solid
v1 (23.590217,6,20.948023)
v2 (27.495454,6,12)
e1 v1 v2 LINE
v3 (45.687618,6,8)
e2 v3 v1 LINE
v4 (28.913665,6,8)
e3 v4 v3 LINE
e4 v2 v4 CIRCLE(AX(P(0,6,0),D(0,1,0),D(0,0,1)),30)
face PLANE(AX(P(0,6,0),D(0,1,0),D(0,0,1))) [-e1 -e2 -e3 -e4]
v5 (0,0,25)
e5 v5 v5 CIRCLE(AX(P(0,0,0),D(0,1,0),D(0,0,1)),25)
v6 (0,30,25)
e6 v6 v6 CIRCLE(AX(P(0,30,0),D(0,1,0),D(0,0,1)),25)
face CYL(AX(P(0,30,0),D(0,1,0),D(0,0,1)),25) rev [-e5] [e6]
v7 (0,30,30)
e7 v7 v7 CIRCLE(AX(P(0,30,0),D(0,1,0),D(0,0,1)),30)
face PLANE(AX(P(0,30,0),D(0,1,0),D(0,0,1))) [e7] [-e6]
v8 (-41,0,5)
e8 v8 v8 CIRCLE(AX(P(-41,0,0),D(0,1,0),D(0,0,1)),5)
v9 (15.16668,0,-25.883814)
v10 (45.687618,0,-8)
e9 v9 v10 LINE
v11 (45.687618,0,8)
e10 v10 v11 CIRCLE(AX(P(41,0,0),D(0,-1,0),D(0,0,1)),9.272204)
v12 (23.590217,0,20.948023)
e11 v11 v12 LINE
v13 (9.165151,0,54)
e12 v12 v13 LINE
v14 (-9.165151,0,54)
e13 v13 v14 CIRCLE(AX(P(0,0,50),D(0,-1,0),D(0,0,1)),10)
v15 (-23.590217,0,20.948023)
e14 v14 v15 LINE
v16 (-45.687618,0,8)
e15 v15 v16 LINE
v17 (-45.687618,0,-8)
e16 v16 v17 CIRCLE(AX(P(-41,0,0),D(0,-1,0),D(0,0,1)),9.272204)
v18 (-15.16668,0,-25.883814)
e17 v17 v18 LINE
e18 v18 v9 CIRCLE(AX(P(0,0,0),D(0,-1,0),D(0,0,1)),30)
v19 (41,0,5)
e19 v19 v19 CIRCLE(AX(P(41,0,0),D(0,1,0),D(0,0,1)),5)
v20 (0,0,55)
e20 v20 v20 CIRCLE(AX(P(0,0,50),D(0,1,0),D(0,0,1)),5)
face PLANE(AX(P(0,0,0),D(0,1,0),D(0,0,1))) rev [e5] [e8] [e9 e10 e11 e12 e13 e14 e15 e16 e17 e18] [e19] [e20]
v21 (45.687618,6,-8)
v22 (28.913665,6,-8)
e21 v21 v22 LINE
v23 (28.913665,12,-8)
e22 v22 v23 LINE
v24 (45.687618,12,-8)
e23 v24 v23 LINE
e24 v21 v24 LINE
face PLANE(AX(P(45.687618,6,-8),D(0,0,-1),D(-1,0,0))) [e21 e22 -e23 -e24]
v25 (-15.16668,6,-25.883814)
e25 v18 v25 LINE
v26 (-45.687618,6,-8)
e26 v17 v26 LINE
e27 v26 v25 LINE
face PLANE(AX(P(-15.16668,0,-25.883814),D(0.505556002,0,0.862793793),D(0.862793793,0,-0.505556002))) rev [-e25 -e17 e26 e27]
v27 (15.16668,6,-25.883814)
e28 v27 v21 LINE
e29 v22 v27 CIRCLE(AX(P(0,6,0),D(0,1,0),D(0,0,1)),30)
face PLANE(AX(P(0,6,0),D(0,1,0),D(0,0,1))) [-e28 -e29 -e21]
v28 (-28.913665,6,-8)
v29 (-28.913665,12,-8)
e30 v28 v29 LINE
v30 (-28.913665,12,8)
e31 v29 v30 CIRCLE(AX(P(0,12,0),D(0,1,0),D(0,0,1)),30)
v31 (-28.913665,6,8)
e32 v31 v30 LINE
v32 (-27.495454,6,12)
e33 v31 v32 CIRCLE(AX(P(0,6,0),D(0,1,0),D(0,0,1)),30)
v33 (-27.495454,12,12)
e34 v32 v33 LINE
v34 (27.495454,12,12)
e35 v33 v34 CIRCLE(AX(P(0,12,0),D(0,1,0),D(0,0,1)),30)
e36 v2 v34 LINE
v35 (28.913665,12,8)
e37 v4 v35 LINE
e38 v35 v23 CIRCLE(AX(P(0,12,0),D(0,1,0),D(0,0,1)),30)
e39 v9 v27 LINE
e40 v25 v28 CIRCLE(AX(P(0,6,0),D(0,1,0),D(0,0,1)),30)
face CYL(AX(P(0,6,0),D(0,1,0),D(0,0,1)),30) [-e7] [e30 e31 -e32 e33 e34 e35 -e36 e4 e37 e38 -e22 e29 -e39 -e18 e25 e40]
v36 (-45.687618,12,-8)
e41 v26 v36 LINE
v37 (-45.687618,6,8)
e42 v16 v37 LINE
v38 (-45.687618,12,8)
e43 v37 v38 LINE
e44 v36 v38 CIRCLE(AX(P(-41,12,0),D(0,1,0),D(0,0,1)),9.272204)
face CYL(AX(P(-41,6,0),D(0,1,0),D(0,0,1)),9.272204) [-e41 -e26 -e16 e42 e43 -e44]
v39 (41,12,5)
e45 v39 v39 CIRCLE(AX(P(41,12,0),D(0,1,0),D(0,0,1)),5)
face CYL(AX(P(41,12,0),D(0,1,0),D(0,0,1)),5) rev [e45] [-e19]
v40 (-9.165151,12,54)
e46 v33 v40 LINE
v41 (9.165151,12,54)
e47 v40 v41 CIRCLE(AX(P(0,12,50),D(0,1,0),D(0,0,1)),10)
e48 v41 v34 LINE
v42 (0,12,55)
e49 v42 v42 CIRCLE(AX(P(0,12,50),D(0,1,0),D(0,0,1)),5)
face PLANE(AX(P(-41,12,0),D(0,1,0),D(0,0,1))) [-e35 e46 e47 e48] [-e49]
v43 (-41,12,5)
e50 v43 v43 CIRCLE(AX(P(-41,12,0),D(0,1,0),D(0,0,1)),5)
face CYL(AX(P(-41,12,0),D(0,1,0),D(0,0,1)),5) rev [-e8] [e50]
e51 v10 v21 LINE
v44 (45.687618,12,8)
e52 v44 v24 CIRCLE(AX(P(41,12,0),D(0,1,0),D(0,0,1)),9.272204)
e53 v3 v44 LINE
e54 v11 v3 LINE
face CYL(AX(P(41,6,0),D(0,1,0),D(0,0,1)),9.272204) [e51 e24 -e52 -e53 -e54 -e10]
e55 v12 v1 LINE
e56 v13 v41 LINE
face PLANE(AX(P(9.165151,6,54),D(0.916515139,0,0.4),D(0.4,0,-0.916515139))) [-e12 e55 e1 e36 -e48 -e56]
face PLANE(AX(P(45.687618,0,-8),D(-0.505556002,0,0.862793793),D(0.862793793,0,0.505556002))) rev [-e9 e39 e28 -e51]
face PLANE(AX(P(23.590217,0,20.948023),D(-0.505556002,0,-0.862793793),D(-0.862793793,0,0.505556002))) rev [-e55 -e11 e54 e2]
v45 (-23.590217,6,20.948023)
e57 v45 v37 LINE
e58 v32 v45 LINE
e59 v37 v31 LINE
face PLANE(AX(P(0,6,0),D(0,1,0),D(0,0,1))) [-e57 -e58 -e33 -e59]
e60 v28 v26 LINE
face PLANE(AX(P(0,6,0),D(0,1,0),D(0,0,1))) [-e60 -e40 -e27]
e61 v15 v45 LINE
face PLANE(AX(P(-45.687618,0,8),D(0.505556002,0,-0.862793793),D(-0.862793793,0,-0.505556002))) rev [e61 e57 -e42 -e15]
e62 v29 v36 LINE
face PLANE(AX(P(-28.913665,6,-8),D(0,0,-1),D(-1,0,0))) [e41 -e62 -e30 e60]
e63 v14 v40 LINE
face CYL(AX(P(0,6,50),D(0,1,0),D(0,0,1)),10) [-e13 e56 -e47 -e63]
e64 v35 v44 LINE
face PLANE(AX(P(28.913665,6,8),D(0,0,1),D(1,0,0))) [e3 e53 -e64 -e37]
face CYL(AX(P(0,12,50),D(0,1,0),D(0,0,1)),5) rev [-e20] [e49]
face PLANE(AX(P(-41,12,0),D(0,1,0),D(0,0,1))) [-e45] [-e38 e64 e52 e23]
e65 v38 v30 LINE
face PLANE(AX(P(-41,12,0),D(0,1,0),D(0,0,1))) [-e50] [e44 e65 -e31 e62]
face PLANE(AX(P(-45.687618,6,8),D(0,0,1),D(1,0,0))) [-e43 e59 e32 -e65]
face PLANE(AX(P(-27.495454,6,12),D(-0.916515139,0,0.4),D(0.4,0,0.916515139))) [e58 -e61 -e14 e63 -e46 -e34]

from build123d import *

# Parameters (mm, degrees)
BOSS_EXTRUDE1_DEPTH        = 6
BOSS_EXTRUDE2_DEPTH        = 6
BOSS_EXTRUDE3_START        = 18
SKETCH3_R                  = 30
BOSS_EXTRUDE3_DEPTH        = 18
F_10_0_10_DIAMETER_HOLE1_D = 10
M45_CLEARANCE_HOLE1_D      = 50


with BuildPart() as part:
    # Sketch1 → Boss-Extrude1 (new body)
    with BuildSketch(Plane(origin=(0, 12, 0), x_dir=(1, 0, 0), z_dir=(0, 1, 0))):
        with BuildLine():
            Line((-45.687618347, -8), (-28.91366459, -8))
            ThreePointArc((-28.91366459, -8), (-28.275380984, -10.025109984), (-27.49545417, -12))
            Line((-27.49545417, -12), (-9.16515139, -54))
            ThreePointArc((-9.16515139, -54), (0, -60), (9.16515139, -54))
            Line((9.16515139, -54), (27.49545417, -12))
            ThreePointArc((27.49545417, -12), (28.275380984, -10.025109984), (28.91366459, -8))
            Line((28.91366459, -8), (45.687618347, -8))
            ThreePointArc((45.687618347, -8), (50.272203932, 0), (45.687618347, 8))
            Line((45.687618347, 8), (28.91366459, 8))
            ThreePointArc((28.91366459, 8), (0, 30), (-28.91366459, 8))
            Line((-28.91366459, 8), (-45.687618347, 8))
            ThreePointArc((-45.687618347, 8), (-50.272203932, 0), (-45.687618347, -8))
        make_face()
    extrude(amount=-BOSS_EXTRUDE1_DEPTH)

    # Sketch2 → Boss-Extrude2 (add)
    with BuildSketch(Plane.XZ.offset(-6)):
        with BuildLine():
            Line((-15.16668005, -25.883813789), (-45.687618347, -8))
            ThreePointArc((-45.687618347, -8), (-50.272203932, 0), (-45.687618347, 8))
            Line((-45.687618347, 8), (-23.590216691, 20.948023176))
            Line((-23.590216691, 20.948023176), (-9.16515139, 54))
            ThreePointArc((-9.16515139, 54), (0, 60), (9.16515139, 54))
            Line((9.16515139, 54), (23.590216691, 20.948023176))
            Line((23.590216691, 20.948023176), (45.687618347, 8))
            ThreePointArc((45.687618347, 8), (50.272203932, 0), (45.687618347, -8))
            Line((45.687618347, -8), (15.16668005, -25.883813789))
            ThreePointArc((15.16668005, -25.883813789), (0, -30), (-15.16668005, -25.883813789))
        make_face()
    extrude(amount=BOSS_EXTRUDE2_DEPTH)

    # Sketch3 → Boss-Extrude3 (add)
    with BuildSketch(Plane(origin=(0, 12, 0), x_dir=(-1, 0, 0), z_dir=(0, 1, 0)).offset(BOSS_EXTRUDE3_START)):
        with Locations(Location((0, 0, 0), (0, 0, 90))):
            Circle(SKETCH3_R)
    extrude(amount=-BOSS_EXTRUDE3_DEPTH)

    # Ø10.0 (10) Diameter Hole1 (through all)
    with Locations(Plane(origin=(0, 12, 0), x_dir=(1, 0, 0), z_dir=(0, 1, 0))):
        with Locations((-41, 0), (41, 0), (0, -50)):
            Hole(F_10_0_10_DIAMETER_HOLE1_D / 2)

    # M45 Clearance Hole1 (through all)
    with Locations(Plane(origin=(0, 30, 0), x_dir=(1, 0, 0), z_dir=(0, 1, 0))):
        with Locations((0, 0)):
            Hole(M45_CLEARANCE_HOLE1_D / 2)


solid = part.part
